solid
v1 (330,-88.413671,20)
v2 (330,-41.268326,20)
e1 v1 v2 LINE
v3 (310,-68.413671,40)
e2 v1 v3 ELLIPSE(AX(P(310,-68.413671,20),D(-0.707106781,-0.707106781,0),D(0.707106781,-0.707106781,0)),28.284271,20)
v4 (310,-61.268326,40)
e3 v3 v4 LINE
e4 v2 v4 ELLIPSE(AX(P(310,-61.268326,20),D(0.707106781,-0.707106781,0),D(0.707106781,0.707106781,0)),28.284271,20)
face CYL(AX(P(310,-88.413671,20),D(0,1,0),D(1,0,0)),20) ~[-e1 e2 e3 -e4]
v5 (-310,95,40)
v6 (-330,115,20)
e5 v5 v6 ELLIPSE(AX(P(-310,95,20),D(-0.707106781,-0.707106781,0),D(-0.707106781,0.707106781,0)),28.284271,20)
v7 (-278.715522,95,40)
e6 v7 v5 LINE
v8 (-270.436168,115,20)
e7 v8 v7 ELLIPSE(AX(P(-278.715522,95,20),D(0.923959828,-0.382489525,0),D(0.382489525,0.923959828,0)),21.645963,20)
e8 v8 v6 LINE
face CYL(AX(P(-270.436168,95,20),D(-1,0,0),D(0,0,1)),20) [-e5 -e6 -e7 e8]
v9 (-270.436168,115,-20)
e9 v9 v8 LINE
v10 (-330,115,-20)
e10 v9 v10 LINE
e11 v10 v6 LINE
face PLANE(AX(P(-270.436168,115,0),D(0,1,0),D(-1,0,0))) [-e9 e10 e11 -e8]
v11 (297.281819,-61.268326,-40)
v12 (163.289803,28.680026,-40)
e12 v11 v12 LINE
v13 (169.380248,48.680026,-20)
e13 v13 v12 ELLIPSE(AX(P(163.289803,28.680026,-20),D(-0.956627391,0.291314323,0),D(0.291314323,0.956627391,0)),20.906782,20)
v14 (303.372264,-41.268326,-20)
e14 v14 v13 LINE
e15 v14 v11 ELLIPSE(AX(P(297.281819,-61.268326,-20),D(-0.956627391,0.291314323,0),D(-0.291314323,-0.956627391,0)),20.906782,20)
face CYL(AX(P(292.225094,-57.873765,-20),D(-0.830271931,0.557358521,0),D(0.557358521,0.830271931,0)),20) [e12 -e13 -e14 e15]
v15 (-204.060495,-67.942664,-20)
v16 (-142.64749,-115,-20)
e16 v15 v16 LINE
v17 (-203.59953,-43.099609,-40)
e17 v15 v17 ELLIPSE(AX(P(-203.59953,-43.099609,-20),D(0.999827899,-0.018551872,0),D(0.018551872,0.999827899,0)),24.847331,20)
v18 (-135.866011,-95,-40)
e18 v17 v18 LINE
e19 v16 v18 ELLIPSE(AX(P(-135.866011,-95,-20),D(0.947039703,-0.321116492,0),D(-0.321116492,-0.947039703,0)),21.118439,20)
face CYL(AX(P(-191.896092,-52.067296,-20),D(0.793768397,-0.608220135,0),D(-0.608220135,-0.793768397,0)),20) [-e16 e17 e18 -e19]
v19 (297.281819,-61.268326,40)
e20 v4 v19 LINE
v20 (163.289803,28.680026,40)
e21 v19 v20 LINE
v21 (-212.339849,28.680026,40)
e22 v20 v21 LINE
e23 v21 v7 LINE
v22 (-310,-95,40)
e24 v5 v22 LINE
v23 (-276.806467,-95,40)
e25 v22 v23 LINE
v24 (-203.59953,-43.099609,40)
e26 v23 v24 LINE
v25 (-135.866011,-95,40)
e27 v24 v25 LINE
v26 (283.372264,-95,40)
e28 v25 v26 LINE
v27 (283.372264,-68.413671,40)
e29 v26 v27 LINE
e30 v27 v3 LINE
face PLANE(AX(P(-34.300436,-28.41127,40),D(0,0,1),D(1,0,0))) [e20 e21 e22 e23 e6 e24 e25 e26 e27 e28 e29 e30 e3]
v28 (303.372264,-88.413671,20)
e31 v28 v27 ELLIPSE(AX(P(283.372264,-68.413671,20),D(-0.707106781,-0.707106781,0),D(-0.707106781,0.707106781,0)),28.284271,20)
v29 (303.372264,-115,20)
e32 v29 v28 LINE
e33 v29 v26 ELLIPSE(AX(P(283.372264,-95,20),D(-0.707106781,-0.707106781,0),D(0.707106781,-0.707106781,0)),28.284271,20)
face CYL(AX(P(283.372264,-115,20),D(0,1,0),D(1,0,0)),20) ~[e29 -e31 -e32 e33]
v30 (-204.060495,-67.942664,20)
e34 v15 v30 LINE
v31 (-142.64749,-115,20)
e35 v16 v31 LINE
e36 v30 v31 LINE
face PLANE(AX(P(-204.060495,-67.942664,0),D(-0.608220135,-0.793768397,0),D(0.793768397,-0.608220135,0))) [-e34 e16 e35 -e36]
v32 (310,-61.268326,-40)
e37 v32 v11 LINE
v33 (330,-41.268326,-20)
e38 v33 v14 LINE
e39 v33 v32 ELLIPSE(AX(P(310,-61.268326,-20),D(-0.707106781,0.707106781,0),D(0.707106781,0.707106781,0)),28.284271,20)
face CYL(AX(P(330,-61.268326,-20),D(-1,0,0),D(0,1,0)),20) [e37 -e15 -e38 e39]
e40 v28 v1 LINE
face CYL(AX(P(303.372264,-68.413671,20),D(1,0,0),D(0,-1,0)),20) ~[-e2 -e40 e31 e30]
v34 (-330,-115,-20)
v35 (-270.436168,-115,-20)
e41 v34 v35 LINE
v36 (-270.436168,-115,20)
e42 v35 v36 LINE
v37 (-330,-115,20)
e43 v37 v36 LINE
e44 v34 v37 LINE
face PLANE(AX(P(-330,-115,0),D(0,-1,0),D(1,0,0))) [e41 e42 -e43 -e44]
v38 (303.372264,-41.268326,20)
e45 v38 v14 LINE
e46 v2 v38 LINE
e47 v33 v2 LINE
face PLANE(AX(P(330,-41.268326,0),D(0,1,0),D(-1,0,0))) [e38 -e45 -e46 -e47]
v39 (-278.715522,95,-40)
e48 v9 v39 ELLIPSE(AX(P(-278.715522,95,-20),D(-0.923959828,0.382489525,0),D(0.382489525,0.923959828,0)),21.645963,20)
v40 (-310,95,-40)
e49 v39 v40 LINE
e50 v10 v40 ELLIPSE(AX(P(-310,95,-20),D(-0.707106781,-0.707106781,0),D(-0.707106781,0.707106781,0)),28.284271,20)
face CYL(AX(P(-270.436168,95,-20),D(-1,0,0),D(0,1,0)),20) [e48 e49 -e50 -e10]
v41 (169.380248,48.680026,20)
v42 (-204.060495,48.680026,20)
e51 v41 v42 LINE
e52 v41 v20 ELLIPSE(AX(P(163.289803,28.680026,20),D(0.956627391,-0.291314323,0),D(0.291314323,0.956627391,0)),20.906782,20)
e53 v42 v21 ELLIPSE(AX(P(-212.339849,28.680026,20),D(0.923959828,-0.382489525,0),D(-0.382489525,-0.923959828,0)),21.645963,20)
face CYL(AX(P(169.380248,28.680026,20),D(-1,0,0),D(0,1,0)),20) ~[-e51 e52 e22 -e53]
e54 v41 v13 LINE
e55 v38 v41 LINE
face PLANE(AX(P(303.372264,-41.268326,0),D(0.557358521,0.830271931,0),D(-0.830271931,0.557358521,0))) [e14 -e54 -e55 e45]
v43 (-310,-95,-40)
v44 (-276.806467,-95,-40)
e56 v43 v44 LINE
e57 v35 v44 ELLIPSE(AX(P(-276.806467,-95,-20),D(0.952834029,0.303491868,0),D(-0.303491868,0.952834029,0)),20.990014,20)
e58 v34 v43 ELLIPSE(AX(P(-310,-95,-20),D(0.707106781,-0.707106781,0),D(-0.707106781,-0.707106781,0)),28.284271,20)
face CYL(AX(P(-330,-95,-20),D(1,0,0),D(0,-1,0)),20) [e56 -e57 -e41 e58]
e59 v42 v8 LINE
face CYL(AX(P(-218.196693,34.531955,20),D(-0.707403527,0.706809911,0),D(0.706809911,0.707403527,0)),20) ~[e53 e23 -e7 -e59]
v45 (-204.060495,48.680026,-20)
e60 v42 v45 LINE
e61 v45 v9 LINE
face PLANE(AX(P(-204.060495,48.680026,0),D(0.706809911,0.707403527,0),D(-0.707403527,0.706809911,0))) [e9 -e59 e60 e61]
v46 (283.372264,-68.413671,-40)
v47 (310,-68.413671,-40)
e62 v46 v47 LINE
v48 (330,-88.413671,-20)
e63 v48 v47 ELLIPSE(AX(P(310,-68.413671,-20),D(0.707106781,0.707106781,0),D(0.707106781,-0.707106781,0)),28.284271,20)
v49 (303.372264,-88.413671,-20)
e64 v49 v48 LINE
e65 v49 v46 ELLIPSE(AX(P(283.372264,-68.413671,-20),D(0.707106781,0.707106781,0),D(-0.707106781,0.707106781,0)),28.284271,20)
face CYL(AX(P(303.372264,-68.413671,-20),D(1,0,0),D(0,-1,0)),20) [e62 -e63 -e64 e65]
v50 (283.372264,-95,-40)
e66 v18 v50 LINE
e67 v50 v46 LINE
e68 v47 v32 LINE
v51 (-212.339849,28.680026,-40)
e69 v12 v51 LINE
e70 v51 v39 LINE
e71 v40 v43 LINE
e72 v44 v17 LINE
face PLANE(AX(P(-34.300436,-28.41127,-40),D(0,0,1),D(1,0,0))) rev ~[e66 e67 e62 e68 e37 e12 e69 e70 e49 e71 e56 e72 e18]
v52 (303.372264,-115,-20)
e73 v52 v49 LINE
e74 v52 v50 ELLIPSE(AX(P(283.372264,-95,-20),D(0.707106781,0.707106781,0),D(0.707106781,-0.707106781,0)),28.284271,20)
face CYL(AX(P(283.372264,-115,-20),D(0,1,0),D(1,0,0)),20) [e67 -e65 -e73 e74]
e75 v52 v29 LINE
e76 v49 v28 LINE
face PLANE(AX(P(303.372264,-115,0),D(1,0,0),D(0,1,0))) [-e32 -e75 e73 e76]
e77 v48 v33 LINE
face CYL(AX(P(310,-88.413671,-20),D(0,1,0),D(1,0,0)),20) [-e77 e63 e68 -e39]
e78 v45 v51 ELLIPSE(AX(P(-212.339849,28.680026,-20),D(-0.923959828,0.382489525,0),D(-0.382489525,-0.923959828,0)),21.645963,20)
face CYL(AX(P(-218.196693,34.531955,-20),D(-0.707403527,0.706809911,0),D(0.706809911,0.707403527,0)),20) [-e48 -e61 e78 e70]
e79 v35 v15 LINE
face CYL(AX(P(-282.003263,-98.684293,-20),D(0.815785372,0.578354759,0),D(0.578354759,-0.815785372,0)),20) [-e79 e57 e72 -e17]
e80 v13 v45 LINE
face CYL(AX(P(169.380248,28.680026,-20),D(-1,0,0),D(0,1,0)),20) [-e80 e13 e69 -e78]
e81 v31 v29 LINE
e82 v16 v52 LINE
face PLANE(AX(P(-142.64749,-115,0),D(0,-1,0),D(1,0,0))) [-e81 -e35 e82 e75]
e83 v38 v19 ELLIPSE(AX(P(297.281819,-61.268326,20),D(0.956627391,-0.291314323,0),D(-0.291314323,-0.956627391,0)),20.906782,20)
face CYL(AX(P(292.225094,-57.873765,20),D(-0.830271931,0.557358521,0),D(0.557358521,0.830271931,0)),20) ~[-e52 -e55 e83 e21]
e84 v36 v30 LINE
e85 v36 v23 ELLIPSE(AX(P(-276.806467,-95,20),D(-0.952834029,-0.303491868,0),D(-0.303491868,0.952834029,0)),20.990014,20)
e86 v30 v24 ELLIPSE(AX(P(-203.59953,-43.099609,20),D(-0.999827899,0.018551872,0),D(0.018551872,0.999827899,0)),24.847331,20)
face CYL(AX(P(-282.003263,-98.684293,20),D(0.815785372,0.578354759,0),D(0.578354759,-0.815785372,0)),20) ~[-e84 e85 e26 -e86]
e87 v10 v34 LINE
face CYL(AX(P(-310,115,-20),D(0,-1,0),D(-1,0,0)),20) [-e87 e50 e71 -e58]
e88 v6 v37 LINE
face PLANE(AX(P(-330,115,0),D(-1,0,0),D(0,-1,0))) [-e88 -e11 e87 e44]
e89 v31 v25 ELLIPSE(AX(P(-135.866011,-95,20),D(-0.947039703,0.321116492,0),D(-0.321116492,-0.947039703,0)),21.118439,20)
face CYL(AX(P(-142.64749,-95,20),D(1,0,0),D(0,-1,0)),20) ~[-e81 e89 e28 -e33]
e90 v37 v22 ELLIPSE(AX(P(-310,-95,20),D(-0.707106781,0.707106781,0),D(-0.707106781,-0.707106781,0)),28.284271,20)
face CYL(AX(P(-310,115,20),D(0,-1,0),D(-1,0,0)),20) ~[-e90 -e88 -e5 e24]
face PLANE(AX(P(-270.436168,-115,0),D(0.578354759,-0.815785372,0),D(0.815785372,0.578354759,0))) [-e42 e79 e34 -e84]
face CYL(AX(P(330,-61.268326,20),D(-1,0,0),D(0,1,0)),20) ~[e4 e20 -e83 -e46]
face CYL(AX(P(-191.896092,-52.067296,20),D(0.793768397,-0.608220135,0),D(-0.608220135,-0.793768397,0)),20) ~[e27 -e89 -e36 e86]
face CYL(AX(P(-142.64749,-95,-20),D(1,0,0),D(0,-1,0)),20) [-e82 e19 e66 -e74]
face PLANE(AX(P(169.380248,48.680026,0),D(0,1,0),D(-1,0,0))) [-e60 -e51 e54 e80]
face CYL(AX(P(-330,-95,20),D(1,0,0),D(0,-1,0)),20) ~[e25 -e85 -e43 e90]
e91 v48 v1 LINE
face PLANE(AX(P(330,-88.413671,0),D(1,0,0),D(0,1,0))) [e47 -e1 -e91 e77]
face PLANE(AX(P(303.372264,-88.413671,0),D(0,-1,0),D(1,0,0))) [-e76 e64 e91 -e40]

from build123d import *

# Parameters (mm, degrees)
F1_DEPTH = 40
F2_R     = 20


with BuildPart() as f1:
    # F0 (on Top) → F1 (new body, symmetric)
    with BuildSketch(Plane.XY):
        Polygon((-204.060495, 48.680026), (-270.436168, 115), (-330, 115), (-330, -115), (-270.436168, -115), (-204.060495, -67.942664), (-142.64749, -115), (303.372264, -115), (303.372264, -88.413671), (330, -88.413671), (330, -41.268326), (303.372264, -41.268326), (169.380248, 48.680026), align=None)
    extrude(amount=F1_DEPTH, both=True)

    # F2
    f2_edges = [f1.edges().sort_by_distance(p)[0] for p in [
        (-237.248331, -91.471332, 40),
        (-173.353992, -91.471332, 40),
        (80.362387, -115, 40),
        (303.372264, -101.706835, 40),
        (316.686132, -88.413671, 40),
        (330, -64.840999, 40),
        (316.686132, -41.268326, 40),
        (236.376256, 3.70585, 40),
        (-17.340124, 48.680026, 40),
        (-237.248331, 81.840013, 40),
        (-300.218084, 115, 40),
        (-330, 0, 40),
        (-300.218084, -115, 40),
        (-237.248331, -91.471332, -40),
        (-173.353992, -91.471332, -40),
        (80.362387, -115, -40),
        (303.372264, -101.706835, -40),
        (316.686132, -88.413671, -40),
        (330, -64.840999, -40),
        (316.686132, -41.268326, -40),
        (236.376256, 3.70585, -40),
        (-17.340124, 48.680026, -40),
        (-237.248331, 81.840013, -40),
        (-300.218084, 115, -40),
        (-330, 0, -40),
        (-300.218084, -115, -40),
    ]]
    fillet(f2_edges, radius=F2_R)


solid = f1.part
